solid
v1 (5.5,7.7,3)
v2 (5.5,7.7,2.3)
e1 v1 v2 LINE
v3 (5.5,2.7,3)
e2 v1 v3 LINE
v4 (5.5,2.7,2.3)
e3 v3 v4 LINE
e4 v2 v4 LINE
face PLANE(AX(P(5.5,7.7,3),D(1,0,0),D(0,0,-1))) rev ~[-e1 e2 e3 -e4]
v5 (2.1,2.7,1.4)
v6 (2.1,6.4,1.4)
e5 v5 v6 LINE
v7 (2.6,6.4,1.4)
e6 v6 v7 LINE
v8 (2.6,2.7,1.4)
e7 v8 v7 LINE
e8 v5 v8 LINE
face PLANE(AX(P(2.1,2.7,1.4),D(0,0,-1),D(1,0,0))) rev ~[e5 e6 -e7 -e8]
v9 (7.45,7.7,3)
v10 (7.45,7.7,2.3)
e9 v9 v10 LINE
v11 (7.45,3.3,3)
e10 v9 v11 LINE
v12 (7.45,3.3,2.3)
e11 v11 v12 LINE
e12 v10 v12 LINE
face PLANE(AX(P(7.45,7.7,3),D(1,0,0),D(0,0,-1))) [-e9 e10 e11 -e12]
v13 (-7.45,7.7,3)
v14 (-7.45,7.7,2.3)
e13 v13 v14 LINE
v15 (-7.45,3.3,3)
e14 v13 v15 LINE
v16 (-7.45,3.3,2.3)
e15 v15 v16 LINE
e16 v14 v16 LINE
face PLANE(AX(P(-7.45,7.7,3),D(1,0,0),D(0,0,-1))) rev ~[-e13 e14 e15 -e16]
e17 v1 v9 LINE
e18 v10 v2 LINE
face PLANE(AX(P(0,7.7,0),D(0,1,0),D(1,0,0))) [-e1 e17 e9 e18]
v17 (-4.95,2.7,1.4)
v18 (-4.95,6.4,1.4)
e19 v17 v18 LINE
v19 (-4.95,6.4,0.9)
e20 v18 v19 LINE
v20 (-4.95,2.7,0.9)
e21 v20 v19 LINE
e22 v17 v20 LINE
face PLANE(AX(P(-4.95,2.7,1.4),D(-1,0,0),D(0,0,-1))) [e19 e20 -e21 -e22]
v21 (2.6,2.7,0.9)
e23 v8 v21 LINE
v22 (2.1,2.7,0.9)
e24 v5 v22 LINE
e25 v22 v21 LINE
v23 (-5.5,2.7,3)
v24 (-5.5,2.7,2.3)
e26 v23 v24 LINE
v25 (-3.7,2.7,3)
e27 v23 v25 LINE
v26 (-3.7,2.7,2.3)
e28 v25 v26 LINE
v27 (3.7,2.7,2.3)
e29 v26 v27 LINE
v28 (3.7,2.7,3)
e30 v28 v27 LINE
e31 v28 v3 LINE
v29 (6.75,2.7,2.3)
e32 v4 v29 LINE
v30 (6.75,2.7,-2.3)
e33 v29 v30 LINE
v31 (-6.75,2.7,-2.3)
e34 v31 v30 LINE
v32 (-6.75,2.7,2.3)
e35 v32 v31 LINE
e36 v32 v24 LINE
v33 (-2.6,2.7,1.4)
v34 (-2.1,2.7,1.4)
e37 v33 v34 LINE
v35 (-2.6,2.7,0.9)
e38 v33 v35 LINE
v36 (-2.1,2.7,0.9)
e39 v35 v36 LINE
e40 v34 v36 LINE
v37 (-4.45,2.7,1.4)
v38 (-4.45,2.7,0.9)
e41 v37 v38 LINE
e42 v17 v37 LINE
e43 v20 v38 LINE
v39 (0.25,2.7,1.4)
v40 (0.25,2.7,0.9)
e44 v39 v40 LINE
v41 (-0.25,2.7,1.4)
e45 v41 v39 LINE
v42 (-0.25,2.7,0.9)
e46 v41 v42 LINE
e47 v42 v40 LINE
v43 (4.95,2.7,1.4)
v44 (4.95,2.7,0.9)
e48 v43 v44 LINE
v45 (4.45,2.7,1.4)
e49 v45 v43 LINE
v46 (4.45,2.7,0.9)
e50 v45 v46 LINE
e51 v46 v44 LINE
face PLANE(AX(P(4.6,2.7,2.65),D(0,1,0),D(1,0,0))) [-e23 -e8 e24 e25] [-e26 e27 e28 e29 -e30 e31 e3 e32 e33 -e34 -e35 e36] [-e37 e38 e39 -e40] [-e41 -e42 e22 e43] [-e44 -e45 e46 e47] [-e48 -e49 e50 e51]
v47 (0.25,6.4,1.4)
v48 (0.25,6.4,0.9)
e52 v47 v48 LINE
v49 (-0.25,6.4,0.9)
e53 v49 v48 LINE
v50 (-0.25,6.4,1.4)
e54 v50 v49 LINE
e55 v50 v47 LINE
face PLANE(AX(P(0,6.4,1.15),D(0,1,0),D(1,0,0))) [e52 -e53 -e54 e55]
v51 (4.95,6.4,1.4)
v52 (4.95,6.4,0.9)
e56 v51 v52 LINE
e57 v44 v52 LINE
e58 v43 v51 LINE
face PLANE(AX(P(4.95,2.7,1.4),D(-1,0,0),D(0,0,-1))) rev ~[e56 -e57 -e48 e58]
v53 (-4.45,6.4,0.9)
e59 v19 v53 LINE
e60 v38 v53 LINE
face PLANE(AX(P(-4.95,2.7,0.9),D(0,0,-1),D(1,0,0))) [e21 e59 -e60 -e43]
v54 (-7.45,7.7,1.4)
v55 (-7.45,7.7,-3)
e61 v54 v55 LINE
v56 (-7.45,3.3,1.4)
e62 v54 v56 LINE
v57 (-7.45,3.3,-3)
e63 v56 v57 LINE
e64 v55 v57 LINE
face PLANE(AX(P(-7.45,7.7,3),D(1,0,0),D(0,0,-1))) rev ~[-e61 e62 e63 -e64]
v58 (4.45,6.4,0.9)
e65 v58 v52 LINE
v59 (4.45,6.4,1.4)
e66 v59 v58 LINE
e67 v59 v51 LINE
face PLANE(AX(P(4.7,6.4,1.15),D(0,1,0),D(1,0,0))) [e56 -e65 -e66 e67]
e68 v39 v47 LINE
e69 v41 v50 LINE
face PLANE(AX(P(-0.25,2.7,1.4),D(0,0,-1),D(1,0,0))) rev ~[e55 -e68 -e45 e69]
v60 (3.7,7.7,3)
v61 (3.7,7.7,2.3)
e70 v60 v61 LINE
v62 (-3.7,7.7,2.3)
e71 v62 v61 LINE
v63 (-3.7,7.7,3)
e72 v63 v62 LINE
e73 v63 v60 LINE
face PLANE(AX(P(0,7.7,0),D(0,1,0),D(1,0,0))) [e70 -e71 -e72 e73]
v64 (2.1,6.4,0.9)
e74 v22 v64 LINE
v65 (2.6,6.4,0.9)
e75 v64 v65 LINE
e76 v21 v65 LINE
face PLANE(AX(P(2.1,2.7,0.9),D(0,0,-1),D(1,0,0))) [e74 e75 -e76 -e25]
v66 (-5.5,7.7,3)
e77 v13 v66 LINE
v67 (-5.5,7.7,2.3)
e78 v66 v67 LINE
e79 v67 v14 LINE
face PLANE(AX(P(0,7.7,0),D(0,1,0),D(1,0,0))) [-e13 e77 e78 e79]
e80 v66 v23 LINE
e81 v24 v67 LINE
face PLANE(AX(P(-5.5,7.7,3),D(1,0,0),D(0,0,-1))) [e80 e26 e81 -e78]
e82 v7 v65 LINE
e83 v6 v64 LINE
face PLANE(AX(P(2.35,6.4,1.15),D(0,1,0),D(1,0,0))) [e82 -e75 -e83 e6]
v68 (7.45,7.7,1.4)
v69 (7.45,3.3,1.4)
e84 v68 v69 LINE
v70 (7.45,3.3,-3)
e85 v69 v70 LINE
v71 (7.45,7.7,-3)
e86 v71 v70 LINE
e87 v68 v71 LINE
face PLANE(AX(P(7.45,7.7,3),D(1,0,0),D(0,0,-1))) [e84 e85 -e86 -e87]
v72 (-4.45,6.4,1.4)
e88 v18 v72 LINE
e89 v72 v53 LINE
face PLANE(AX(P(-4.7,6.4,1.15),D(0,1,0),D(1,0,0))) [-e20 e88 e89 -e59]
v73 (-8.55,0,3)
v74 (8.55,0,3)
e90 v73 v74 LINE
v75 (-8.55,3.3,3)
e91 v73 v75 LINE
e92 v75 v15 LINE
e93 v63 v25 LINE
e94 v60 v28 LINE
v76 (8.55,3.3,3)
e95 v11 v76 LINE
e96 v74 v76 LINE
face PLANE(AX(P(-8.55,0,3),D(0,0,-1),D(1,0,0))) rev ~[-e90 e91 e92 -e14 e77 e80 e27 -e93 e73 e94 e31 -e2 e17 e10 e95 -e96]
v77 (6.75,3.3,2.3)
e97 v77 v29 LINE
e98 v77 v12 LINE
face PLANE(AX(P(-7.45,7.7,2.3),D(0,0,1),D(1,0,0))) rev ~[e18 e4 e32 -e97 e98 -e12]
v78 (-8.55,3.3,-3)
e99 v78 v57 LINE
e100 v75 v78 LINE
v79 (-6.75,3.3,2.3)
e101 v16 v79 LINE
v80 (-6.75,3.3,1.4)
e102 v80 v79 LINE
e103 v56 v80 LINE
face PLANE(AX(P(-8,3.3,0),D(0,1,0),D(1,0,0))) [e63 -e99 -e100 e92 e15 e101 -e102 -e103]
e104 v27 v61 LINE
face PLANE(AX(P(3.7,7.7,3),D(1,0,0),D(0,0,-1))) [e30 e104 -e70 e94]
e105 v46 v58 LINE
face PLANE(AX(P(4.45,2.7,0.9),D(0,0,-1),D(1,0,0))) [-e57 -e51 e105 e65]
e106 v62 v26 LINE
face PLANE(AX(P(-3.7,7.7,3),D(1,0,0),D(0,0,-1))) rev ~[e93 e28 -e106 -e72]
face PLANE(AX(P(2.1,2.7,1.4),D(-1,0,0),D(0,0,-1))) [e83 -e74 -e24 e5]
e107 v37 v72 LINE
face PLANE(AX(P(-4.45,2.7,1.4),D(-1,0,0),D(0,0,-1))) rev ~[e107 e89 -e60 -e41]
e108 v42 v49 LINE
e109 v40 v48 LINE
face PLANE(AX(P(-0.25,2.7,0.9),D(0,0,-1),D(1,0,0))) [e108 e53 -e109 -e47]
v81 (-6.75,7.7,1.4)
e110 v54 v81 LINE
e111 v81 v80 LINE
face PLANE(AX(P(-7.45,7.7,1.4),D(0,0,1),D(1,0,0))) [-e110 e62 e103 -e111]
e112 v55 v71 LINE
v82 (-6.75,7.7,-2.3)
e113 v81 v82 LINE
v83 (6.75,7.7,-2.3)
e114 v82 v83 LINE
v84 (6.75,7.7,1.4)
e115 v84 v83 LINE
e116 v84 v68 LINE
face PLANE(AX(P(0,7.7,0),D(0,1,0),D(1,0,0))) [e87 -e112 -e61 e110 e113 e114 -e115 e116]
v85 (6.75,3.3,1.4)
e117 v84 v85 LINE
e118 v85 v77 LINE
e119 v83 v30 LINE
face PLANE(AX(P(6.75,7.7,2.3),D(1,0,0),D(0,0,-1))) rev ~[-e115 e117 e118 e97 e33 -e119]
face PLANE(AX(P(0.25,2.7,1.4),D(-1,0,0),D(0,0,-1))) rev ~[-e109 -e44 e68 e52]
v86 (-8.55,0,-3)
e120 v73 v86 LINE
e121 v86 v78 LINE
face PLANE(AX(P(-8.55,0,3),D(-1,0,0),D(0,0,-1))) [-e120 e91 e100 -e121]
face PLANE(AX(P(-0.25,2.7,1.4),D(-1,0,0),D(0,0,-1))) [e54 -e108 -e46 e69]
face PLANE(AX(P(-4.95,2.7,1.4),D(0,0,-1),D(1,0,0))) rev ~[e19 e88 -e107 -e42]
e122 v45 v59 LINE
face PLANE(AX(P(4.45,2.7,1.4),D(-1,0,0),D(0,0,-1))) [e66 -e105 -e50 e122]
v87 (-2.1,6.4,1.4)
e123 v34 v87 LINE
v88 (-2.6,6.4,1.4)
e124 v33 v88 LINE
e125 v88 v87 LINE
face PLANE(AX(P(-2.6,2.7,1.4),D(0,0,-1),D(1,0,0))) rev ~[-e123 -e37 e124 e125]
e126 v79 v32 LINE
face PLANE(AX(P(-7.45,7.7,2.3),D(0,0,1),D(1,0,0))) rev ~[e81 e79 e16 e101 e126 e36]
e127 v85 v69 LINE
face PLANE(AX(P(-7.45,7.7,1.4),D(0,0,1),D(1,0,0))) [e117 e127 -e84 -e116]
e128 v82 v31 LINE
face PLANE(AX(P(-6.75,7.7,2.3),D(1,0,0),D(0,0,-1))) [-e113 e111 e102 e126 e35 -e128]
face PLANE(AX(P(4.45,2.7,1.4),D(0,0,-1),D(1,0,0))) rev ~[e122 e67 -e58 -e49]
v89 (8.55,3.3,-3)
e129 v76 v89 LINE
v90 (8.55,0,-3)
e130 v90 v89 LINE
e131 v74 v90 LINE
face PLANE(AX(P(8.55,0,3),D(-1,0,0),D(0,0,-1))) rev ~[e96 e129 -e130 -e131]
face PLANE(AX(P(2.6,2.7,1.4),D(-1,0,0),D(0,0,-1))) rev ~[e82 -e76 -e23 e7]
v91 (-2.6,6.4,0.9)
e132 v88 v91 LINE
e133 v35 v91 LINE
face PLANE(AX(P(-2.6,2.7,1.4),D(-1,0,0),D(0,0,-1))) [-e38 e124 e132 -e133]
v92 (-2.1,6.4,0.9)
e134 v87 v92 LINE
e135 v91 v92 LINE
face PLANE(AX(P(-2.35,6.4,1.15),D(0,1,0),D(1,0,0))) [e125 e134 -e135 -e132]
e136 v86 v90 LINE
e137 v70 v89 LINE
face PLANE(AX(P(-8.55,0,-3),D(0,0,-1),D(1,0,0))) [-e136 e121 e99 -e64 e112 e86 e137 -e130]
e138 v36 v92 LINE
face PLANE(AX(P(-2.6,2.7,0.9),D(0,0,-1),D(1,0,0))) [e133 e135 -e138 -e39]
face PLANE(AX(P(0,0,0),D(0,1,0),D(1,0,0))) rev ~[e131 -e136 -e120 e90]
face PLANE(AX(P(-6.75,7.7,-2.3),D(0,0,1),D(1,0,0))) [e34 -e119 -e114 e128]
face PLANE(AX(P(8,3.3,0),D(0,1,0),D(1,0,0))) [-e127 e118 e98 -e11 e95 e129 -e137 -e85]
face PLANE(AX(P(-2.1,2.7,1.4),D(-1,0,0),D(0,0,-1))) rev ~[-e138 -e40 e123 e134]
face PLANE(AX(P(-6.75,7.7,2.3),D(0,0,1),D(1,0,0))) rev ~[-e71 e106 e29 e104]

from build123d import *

# Parameters (mm, degrees)
SKETCH1_W           = 17.1
SKETCH1_H           = 6
BOSS_EXTRUDE1_DEPTH = 7.7
SKETCH2_W           = 13.5
SKETCH2_H           = 4.6
CUT_EXTRUDE1_DEPTH  = 5
SKETCH3_W           = 1.1
SKETCH3_H           = 6
CUT_EXTRUDE2_DEPTH  = 4.4
SKETCH4_W           = 1.8
SKETCH4_H           = 0.7
CUT_EXTRUDE3_DEPTH  = 5
SKETCH5_W           = 14.9
SKETCH5_H           = 0.9
CUT_EXTRUDE4_DEPTH  = 4.4
SKETCH6_W           = 0.5
SKETCH6_H           = 0.5
BOSS_EXTRUDE2_DEPTH = 3.7


with BuildPart() as part:
    # Sketch1 → Boss-Extrude1 (new body)
    with BuildSketch(Plane(origin=(0, 0, 0), x_dir=(1, 0, 0), z_dir=(0, 1, 0))):
        Rectangle(SKETCH1_W, SKETCH1_H)
    extrude(amount=BOSS_EXTRUDE1_DEPTH)

    # Sketch2 → Cut-Extrude1 (cut)
    with BuildSketch(Plane(origin=(0, 7.7, 0), x_dir=(1, 0, 0), z_dir=(0, 1, 0))):
        Rectangle(SKETCH2_W, SKETCH2_H)
    extrude(amount=-CUT_EXTRUDE1_DEPTH, mode=Mode.SUBTRACT)

    # Sketch3 → Cut-Extrude2 (cut)
    with BuildSketch(Plane(origin=(0, 7.7, 0), x_dir=(1, 0, 0), z_dir=(0, 1, 0))):
        with Locations((-8, 0)):
            Rectangle(SKETCH3_W, SKETCH3_H)
        with Locations((8, 0)):
            Rectangle(SKETCH3_W, SKETCH3_H)
    extrude(amount=-CUT_EXTRUDE2_DEPTH, mode=Mode.SUBTRACT)

    # Sketch4 → Cut-Extrude3 (cut)
    with BuildSketch(Plane(origin=(0, 7.7, 0), x_dir=(1, 0, 0), z_dir=(0, 1, 0))):
        with Locations((-4.6, -2.65)):
            Rectangle(SKETCH4_W, SKETCH4_H)
        with Locations((4.6, -2.65)):
            Rectangle(SKETCH4_W, SKETCH4_H)
    extrude(amount=-CUT_EXTRUDE3_DEPTH, mode=Mode.SUBTRACT)

    # Sketch5 → Cut-Extrude4 (cut)
    with BuildSketch(Plane(origin=(0, 7.7, 0), x_dir=(1, 0, 0), z_dir=(0, 1, 0))):
        with Locations((0, -1.85)):
            Rectangle(SKETCH5_W, SKETCH5_H)
    extrude(amount=-CUT_EXTRUDE4_DEPTH, mode=Mode.SUBTRACT)

    # Sketch6 → Boss-Extrude2 (add)
    with BuildSketch(Plane(origin=(0, 2.7, 0), x_dir=(1, 0, 0), z_dir=(0, 1, 0))):
        with Locations((0, -1.15)):
            Rectangle(SKETCH6_W, SKETCH6_H)
        with Locations((-2.35, -1.15)):
            Rectangle(SKETCH6_W, SKETCH6_H)
        with Locations((2.35, -1.15)):
            Rectangle(SKETCH6_W, SKETCH6_H)
        with Locations((4.7, -1.15)):
            Rectangle(SKETCH6_W, SKETCH6_H)
        with Locations((-4.7, -1.15)):
            Rectangle(SKETCH6_W, SKETCH6_H)
    extrude(amount=BOSS_EXTRUDE2_DEPTH)


solid = part.part
